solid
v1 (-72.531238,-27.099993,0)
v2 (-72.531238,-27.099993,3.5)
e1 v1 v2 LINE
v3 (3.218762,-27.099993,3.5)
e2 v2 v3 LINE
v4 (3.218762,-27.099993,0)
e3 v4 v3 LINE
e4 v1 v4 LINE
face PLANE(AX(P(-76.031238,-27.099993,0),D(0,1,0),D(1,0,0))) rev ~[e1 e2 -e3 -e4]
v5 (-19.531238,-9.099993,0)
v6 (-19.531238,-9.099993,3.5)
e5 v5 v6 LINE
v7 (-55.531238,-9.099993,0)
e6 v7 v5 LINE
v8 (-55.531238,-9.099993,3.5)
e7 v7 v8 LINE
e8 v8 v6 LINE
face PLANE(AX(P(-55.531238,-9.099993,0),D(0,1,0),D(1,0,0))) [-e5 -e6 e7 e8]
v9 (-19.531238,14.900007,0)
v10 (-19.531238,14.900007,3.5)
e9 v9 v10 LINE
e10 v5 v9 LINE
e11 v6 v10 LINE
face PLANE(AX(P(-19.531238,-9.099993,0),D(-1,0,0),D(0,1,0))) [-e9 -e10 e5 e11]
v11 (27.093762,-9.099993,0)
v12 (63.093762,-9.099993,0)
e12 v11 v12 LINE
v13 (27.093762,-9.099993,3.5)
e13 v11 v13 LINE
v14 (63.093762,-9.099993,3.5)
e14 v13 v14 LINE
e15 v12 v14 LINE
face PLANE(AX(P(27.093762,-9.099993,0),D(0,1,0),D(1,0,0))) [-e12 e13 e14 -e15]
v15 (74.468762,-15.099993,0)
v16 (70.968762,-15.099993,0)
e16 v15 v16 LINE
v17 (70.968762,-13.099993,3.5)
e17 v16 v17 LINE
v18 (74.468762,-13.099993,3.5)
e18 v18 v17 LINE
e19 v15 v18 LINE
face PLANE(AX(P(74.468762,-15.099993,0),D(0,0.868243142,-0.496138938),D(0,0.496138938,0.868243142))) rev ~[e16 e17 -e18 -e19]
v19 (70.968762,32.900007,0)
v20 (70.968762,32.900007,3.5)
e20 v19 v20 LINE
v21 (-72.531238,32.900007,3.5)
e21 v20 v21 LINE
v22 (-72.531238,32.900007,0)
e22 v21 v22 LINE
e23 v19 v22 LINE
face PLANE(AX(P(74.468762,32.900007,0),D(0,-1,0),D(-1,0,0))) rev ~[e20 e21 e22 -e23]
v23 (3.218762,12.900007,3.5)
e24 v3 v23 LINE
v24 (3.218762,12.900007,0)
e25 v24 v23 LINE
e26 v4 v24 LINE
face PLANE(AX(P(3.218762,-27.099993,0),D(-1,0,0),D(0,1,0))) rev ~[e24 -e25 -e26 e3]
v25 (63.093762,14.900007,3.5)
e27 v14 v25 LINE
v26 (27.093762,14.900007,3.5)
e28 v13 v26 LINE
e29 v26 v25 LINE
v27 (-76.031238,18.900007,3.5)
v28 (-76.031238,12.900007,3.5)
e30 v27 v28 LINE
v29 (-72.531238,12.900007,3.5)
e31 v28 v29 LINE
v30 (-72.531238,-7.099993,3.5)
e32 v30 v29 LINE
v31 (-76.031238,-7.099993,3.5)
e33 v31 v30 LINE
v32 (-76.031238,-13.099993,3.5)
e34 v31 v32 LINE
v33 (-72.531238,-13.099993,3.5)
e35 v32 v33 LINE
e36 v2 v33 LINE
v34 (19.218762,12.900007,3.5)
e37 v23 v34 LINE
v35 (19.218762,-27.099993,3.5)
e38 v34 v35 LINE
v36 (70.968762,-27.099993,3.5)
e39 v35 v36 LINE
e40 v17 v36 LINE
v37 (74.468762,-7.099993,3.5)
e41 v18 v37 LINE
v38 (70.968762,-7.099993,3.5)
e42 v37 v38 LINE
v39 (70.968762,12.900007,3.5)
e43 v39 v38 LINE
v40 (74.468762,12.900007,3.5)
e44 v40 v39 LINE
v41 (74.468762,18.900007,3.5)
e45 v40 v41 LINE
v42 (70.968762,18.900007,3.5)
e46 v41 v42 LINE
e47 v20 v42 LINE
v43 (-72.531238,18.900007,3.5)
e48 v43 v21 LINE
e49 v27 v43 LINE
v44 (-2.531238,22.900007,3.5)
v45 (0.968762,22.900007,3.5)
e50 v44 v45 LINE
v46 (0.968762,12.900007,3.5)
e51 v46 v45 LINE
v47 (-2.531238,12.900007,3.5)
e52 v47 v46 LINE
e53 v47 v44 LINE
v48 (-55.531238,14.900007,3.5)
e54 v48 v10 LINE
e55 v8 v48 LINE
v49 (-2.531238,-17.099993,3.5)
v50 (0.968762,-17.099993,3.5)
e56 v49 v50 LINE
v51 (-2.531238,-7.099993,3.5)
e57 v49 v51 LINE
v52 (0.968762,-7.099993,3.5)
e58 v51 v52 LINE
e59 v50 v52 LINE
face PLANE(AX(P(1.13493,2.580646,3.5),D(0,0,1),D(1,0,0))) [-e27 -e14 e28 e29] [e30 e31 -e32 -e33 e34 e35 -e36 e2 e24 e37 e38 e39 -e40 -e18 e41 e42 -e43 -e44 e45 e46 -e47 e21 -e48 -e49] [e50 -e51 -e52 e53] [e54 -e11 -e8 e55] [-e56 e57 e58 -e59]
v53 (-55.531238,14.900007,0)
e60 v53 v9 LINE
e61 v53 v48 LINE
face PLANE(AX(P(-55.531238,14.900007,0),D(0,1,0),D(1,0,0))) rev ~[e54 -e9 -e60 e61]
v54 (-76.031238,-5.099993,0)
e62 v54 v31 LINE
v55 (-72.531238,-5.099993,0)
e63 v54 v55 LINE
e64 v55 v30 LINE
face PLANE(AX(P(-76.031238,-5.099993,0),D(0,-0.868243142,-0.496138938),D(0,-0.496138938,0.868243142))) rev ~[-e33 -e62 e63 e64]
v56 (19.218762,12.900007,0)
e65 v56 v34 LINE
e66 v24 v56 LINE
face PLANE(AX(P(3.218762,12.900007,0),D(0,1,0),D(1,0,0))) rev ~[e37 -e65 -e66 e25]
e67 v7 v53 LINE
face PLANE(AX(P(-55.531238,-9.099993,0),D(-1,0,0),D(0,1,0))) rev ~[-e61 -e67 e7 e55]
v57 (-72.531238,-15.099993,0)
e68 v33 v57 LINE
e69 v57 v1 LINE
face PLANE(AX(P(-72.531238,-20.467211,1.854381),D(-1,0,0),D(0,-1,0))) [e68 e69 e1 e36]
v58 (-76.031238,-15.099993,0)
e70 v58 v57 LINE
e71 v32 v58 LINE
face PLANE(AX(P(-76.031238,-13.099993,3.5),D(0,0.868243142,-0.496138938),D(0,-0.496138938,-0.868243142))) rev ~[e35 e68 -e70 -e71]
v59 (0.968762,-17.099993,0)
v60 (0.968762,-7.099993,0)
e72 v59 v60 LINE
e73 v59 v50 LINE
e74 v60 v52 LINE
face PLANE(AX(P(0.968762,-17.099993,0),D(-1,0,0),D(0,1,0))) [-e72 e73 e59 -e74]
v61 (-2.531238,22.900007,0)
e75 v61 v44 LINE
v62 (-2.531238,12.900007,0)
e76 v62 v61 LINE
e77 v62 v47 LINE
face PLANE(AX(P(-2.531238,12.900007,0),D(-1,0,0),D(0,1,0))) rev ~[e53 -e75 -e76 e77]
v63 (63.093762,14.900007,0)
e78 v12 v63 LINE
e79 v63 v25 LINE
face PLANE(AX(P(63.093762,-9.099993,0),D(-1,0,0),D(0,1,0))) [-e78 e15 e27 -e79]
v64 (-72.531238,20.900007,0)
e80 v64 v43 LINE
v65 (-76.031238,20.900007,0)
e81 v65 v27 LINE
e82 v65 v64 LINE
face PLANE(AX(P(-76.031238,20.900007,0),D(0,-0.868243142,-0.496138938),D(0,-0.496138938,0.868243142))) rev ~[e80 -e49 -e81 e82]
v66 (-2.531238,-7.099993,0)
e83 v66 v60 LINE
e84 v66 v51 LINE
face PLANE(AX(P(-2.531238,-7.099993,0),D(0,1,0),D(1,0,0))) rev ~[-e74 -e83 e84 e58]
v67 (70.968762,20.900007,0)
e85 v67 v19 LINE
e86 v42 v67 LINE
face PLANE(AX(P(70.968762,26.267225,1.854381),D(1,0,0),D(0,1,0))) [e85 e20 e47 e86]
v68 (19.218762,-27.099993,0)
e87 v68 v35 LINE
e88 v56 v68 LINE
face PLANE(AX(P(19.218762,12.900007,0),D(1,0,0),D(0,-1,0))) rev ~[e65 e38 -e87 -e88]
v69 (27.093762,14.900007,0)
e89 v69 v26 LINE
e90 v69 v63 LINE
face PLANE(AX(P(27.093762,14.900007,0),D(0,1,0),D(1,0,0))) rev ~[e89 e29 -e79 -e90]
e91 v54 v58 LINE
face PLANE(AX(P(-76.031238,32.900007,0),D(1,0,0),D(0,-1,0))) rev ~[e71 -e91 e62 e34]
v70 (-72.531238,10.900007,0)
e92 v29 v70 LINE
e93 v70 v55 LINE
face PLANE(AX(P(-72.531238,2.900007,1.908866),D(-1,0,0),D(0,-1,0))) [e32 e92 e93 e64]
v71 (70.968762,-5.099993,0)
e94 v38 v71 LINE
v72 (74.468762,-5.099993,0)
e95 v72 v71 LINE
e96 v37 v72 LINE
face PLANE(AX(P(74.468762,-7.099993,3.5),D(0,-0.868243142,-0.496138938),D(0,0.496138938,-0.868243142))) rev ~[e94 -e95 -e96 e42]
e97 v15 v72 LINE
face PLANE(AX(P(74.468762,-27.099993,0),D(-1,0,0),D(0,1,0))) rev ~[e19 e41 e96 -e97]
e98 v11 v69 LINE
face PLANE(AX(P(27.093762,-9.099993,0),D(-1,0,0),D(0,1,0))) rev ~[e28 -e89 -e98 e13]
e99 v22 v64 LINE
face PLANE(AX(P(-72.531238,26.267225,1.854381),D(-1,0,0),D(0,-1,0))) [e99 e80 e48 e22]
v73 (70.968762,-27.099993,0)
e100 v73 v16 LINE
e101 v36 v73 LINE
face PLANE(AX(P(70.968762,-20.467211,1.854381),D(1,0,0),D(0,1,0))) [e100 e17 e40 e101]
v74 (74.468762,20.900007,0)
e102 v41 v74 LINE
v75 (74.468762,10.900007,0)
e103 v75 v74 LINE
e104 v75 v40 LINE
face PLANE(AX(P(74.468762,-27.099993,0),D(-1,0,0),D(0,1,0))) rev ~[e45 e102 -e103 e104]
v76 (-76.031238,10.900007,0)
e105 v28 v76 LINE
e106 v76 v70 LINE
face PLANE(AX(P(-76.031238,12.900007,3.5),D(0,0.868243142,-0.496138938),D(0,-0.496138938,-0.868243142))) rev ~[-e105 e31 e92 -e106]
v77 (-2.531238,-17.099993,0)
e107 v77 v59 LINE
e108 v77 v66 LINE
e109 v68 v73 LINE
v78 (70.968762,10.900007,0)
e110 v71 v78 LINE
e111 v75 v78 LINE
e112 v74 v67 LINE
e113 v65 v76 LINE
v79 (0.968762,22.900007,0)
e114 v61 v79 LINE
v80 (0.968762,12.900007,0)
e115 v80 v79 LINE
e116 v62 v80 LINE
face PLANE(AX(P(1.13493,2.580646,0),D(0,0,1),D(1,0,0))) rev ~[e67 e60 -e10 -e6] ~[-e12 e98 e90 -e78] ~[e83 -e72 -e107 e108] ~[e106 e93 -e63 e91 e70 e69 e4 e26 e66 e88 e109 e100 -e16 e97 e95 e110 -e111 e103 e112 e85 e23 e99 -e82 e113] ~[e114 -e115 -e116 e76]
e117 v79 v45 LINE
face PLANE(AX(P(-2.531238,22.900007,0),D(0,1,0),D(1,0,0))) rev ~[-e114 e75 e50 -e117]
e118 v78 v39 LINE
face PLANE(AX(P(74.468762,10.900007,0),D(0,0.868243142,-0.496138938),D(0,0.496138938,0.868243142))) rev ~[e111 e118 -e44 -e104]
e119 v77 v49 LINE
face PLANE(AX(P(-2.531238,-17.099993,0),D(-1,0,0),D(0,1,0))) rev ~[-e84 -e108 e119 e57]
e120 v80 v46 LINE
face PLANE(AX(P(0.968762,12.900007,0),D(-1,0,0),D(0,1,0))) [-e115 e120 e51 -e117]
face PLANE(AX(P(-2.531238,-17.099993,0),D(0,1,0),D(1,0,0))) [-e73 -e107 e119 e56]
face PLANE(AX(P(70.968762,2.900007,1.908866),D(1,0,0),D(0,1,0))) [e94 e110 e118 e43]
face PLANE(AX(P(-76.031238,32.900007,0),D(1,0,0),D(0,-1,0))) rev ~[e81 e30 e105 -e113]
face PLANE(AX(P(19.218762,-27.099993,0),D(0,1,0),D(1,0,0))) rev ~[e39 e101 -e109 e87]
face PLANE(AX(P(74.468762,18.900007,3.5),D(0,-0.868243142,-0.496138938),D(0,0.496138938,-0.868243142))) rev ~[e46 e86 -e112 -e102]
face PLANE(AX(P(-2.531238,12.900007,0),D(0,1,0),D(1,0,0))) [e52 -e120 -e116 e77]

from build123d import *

# Parameters (mm, degrees)
F0_W     = 3.5
F0_H     = 10
F0_W_2   = 36
F0_H_2   = 24
F1_DEPTH = 3.5
F3_DEPTH = 3.5
F5_DEPTH = 3.5


with BuildPart() as f1:
    # F0 (on Top) → F1 (new body)
    with BuildSketch(Plane.XY):
        Polygon((19.218762, 12.900007), (19.218762, -27.099993), (74.468762, -27.099993), (74.468762, 32.900007), (-76.031238, 32.900007), (-76.031238, -27.099993), (3.218762, -27.099993), (3.218762, 12.900007), align=None)
        with Locations((-0.781238, -12.099993)):
            Rectangle(F0_W, F0_H, mode=Mode.SUBTRACT)
        with Locations((-37.531238, 2.900007)):
            Rectangle(F0_W_2, F0_H_2, mode=Mode.SUBTRACT)
        with Locations((-0.781238, 17.900007)):
            Rectangle(F0_W, F0_H, mode=Mode.SUBTRACT)
        with Locations((45.093762, 2.900007)):
            Rectangle(F0_W_2, F0_H_2, mode=Mode.SUBTRACT)
    extrude(amount=F1_DEPTH)

    # F2 (on face) → F3 (cut)
    with BuildSketch(Plane.YZ.offset(74.468762)):
        Polygon((-27.099993, 3.5), (-27.099993, 0), (-15.099993, 0), (-13.099993, 3.5), align=None)
        Polygon((-7.099993, 3.5), (-5.099993, 0), (10.900007, 0), (12.900007, 3.5), align=None)
        Polygon((18.900007, 3.5), (20.900007, 0), (32.900007, 0), (32.900007, 3.5), align=None)
    extrude(amount=-F3_DEPTH, mode=Mode.SUBTRACT)

    # F4 (on face) → F5 (cut)
    with BuildSketch(Plane(origin=(-76.031238, 0, 0), x_dir=(0, -1, 0), z_dir=(-1, 0, 0))):
        Polygon((27.099993, 3.5), (13.099993, 3.5), (15.099993, 0), (27.099993, 0), align=None)
        Polygon((7.099993, 3.5), (-12.900007, 3.5), (-10.900007, 0), (5.099993, 0), align=None)
        Polygon((-18.900007, 3.5), (-32.900007, 3.5), (-32.900007, 0), (-20.900007, 0), align=None)
    extrude(amount=-F5_DEPTH, mode=Mode.SUBTRACT)


solid = f1.part
